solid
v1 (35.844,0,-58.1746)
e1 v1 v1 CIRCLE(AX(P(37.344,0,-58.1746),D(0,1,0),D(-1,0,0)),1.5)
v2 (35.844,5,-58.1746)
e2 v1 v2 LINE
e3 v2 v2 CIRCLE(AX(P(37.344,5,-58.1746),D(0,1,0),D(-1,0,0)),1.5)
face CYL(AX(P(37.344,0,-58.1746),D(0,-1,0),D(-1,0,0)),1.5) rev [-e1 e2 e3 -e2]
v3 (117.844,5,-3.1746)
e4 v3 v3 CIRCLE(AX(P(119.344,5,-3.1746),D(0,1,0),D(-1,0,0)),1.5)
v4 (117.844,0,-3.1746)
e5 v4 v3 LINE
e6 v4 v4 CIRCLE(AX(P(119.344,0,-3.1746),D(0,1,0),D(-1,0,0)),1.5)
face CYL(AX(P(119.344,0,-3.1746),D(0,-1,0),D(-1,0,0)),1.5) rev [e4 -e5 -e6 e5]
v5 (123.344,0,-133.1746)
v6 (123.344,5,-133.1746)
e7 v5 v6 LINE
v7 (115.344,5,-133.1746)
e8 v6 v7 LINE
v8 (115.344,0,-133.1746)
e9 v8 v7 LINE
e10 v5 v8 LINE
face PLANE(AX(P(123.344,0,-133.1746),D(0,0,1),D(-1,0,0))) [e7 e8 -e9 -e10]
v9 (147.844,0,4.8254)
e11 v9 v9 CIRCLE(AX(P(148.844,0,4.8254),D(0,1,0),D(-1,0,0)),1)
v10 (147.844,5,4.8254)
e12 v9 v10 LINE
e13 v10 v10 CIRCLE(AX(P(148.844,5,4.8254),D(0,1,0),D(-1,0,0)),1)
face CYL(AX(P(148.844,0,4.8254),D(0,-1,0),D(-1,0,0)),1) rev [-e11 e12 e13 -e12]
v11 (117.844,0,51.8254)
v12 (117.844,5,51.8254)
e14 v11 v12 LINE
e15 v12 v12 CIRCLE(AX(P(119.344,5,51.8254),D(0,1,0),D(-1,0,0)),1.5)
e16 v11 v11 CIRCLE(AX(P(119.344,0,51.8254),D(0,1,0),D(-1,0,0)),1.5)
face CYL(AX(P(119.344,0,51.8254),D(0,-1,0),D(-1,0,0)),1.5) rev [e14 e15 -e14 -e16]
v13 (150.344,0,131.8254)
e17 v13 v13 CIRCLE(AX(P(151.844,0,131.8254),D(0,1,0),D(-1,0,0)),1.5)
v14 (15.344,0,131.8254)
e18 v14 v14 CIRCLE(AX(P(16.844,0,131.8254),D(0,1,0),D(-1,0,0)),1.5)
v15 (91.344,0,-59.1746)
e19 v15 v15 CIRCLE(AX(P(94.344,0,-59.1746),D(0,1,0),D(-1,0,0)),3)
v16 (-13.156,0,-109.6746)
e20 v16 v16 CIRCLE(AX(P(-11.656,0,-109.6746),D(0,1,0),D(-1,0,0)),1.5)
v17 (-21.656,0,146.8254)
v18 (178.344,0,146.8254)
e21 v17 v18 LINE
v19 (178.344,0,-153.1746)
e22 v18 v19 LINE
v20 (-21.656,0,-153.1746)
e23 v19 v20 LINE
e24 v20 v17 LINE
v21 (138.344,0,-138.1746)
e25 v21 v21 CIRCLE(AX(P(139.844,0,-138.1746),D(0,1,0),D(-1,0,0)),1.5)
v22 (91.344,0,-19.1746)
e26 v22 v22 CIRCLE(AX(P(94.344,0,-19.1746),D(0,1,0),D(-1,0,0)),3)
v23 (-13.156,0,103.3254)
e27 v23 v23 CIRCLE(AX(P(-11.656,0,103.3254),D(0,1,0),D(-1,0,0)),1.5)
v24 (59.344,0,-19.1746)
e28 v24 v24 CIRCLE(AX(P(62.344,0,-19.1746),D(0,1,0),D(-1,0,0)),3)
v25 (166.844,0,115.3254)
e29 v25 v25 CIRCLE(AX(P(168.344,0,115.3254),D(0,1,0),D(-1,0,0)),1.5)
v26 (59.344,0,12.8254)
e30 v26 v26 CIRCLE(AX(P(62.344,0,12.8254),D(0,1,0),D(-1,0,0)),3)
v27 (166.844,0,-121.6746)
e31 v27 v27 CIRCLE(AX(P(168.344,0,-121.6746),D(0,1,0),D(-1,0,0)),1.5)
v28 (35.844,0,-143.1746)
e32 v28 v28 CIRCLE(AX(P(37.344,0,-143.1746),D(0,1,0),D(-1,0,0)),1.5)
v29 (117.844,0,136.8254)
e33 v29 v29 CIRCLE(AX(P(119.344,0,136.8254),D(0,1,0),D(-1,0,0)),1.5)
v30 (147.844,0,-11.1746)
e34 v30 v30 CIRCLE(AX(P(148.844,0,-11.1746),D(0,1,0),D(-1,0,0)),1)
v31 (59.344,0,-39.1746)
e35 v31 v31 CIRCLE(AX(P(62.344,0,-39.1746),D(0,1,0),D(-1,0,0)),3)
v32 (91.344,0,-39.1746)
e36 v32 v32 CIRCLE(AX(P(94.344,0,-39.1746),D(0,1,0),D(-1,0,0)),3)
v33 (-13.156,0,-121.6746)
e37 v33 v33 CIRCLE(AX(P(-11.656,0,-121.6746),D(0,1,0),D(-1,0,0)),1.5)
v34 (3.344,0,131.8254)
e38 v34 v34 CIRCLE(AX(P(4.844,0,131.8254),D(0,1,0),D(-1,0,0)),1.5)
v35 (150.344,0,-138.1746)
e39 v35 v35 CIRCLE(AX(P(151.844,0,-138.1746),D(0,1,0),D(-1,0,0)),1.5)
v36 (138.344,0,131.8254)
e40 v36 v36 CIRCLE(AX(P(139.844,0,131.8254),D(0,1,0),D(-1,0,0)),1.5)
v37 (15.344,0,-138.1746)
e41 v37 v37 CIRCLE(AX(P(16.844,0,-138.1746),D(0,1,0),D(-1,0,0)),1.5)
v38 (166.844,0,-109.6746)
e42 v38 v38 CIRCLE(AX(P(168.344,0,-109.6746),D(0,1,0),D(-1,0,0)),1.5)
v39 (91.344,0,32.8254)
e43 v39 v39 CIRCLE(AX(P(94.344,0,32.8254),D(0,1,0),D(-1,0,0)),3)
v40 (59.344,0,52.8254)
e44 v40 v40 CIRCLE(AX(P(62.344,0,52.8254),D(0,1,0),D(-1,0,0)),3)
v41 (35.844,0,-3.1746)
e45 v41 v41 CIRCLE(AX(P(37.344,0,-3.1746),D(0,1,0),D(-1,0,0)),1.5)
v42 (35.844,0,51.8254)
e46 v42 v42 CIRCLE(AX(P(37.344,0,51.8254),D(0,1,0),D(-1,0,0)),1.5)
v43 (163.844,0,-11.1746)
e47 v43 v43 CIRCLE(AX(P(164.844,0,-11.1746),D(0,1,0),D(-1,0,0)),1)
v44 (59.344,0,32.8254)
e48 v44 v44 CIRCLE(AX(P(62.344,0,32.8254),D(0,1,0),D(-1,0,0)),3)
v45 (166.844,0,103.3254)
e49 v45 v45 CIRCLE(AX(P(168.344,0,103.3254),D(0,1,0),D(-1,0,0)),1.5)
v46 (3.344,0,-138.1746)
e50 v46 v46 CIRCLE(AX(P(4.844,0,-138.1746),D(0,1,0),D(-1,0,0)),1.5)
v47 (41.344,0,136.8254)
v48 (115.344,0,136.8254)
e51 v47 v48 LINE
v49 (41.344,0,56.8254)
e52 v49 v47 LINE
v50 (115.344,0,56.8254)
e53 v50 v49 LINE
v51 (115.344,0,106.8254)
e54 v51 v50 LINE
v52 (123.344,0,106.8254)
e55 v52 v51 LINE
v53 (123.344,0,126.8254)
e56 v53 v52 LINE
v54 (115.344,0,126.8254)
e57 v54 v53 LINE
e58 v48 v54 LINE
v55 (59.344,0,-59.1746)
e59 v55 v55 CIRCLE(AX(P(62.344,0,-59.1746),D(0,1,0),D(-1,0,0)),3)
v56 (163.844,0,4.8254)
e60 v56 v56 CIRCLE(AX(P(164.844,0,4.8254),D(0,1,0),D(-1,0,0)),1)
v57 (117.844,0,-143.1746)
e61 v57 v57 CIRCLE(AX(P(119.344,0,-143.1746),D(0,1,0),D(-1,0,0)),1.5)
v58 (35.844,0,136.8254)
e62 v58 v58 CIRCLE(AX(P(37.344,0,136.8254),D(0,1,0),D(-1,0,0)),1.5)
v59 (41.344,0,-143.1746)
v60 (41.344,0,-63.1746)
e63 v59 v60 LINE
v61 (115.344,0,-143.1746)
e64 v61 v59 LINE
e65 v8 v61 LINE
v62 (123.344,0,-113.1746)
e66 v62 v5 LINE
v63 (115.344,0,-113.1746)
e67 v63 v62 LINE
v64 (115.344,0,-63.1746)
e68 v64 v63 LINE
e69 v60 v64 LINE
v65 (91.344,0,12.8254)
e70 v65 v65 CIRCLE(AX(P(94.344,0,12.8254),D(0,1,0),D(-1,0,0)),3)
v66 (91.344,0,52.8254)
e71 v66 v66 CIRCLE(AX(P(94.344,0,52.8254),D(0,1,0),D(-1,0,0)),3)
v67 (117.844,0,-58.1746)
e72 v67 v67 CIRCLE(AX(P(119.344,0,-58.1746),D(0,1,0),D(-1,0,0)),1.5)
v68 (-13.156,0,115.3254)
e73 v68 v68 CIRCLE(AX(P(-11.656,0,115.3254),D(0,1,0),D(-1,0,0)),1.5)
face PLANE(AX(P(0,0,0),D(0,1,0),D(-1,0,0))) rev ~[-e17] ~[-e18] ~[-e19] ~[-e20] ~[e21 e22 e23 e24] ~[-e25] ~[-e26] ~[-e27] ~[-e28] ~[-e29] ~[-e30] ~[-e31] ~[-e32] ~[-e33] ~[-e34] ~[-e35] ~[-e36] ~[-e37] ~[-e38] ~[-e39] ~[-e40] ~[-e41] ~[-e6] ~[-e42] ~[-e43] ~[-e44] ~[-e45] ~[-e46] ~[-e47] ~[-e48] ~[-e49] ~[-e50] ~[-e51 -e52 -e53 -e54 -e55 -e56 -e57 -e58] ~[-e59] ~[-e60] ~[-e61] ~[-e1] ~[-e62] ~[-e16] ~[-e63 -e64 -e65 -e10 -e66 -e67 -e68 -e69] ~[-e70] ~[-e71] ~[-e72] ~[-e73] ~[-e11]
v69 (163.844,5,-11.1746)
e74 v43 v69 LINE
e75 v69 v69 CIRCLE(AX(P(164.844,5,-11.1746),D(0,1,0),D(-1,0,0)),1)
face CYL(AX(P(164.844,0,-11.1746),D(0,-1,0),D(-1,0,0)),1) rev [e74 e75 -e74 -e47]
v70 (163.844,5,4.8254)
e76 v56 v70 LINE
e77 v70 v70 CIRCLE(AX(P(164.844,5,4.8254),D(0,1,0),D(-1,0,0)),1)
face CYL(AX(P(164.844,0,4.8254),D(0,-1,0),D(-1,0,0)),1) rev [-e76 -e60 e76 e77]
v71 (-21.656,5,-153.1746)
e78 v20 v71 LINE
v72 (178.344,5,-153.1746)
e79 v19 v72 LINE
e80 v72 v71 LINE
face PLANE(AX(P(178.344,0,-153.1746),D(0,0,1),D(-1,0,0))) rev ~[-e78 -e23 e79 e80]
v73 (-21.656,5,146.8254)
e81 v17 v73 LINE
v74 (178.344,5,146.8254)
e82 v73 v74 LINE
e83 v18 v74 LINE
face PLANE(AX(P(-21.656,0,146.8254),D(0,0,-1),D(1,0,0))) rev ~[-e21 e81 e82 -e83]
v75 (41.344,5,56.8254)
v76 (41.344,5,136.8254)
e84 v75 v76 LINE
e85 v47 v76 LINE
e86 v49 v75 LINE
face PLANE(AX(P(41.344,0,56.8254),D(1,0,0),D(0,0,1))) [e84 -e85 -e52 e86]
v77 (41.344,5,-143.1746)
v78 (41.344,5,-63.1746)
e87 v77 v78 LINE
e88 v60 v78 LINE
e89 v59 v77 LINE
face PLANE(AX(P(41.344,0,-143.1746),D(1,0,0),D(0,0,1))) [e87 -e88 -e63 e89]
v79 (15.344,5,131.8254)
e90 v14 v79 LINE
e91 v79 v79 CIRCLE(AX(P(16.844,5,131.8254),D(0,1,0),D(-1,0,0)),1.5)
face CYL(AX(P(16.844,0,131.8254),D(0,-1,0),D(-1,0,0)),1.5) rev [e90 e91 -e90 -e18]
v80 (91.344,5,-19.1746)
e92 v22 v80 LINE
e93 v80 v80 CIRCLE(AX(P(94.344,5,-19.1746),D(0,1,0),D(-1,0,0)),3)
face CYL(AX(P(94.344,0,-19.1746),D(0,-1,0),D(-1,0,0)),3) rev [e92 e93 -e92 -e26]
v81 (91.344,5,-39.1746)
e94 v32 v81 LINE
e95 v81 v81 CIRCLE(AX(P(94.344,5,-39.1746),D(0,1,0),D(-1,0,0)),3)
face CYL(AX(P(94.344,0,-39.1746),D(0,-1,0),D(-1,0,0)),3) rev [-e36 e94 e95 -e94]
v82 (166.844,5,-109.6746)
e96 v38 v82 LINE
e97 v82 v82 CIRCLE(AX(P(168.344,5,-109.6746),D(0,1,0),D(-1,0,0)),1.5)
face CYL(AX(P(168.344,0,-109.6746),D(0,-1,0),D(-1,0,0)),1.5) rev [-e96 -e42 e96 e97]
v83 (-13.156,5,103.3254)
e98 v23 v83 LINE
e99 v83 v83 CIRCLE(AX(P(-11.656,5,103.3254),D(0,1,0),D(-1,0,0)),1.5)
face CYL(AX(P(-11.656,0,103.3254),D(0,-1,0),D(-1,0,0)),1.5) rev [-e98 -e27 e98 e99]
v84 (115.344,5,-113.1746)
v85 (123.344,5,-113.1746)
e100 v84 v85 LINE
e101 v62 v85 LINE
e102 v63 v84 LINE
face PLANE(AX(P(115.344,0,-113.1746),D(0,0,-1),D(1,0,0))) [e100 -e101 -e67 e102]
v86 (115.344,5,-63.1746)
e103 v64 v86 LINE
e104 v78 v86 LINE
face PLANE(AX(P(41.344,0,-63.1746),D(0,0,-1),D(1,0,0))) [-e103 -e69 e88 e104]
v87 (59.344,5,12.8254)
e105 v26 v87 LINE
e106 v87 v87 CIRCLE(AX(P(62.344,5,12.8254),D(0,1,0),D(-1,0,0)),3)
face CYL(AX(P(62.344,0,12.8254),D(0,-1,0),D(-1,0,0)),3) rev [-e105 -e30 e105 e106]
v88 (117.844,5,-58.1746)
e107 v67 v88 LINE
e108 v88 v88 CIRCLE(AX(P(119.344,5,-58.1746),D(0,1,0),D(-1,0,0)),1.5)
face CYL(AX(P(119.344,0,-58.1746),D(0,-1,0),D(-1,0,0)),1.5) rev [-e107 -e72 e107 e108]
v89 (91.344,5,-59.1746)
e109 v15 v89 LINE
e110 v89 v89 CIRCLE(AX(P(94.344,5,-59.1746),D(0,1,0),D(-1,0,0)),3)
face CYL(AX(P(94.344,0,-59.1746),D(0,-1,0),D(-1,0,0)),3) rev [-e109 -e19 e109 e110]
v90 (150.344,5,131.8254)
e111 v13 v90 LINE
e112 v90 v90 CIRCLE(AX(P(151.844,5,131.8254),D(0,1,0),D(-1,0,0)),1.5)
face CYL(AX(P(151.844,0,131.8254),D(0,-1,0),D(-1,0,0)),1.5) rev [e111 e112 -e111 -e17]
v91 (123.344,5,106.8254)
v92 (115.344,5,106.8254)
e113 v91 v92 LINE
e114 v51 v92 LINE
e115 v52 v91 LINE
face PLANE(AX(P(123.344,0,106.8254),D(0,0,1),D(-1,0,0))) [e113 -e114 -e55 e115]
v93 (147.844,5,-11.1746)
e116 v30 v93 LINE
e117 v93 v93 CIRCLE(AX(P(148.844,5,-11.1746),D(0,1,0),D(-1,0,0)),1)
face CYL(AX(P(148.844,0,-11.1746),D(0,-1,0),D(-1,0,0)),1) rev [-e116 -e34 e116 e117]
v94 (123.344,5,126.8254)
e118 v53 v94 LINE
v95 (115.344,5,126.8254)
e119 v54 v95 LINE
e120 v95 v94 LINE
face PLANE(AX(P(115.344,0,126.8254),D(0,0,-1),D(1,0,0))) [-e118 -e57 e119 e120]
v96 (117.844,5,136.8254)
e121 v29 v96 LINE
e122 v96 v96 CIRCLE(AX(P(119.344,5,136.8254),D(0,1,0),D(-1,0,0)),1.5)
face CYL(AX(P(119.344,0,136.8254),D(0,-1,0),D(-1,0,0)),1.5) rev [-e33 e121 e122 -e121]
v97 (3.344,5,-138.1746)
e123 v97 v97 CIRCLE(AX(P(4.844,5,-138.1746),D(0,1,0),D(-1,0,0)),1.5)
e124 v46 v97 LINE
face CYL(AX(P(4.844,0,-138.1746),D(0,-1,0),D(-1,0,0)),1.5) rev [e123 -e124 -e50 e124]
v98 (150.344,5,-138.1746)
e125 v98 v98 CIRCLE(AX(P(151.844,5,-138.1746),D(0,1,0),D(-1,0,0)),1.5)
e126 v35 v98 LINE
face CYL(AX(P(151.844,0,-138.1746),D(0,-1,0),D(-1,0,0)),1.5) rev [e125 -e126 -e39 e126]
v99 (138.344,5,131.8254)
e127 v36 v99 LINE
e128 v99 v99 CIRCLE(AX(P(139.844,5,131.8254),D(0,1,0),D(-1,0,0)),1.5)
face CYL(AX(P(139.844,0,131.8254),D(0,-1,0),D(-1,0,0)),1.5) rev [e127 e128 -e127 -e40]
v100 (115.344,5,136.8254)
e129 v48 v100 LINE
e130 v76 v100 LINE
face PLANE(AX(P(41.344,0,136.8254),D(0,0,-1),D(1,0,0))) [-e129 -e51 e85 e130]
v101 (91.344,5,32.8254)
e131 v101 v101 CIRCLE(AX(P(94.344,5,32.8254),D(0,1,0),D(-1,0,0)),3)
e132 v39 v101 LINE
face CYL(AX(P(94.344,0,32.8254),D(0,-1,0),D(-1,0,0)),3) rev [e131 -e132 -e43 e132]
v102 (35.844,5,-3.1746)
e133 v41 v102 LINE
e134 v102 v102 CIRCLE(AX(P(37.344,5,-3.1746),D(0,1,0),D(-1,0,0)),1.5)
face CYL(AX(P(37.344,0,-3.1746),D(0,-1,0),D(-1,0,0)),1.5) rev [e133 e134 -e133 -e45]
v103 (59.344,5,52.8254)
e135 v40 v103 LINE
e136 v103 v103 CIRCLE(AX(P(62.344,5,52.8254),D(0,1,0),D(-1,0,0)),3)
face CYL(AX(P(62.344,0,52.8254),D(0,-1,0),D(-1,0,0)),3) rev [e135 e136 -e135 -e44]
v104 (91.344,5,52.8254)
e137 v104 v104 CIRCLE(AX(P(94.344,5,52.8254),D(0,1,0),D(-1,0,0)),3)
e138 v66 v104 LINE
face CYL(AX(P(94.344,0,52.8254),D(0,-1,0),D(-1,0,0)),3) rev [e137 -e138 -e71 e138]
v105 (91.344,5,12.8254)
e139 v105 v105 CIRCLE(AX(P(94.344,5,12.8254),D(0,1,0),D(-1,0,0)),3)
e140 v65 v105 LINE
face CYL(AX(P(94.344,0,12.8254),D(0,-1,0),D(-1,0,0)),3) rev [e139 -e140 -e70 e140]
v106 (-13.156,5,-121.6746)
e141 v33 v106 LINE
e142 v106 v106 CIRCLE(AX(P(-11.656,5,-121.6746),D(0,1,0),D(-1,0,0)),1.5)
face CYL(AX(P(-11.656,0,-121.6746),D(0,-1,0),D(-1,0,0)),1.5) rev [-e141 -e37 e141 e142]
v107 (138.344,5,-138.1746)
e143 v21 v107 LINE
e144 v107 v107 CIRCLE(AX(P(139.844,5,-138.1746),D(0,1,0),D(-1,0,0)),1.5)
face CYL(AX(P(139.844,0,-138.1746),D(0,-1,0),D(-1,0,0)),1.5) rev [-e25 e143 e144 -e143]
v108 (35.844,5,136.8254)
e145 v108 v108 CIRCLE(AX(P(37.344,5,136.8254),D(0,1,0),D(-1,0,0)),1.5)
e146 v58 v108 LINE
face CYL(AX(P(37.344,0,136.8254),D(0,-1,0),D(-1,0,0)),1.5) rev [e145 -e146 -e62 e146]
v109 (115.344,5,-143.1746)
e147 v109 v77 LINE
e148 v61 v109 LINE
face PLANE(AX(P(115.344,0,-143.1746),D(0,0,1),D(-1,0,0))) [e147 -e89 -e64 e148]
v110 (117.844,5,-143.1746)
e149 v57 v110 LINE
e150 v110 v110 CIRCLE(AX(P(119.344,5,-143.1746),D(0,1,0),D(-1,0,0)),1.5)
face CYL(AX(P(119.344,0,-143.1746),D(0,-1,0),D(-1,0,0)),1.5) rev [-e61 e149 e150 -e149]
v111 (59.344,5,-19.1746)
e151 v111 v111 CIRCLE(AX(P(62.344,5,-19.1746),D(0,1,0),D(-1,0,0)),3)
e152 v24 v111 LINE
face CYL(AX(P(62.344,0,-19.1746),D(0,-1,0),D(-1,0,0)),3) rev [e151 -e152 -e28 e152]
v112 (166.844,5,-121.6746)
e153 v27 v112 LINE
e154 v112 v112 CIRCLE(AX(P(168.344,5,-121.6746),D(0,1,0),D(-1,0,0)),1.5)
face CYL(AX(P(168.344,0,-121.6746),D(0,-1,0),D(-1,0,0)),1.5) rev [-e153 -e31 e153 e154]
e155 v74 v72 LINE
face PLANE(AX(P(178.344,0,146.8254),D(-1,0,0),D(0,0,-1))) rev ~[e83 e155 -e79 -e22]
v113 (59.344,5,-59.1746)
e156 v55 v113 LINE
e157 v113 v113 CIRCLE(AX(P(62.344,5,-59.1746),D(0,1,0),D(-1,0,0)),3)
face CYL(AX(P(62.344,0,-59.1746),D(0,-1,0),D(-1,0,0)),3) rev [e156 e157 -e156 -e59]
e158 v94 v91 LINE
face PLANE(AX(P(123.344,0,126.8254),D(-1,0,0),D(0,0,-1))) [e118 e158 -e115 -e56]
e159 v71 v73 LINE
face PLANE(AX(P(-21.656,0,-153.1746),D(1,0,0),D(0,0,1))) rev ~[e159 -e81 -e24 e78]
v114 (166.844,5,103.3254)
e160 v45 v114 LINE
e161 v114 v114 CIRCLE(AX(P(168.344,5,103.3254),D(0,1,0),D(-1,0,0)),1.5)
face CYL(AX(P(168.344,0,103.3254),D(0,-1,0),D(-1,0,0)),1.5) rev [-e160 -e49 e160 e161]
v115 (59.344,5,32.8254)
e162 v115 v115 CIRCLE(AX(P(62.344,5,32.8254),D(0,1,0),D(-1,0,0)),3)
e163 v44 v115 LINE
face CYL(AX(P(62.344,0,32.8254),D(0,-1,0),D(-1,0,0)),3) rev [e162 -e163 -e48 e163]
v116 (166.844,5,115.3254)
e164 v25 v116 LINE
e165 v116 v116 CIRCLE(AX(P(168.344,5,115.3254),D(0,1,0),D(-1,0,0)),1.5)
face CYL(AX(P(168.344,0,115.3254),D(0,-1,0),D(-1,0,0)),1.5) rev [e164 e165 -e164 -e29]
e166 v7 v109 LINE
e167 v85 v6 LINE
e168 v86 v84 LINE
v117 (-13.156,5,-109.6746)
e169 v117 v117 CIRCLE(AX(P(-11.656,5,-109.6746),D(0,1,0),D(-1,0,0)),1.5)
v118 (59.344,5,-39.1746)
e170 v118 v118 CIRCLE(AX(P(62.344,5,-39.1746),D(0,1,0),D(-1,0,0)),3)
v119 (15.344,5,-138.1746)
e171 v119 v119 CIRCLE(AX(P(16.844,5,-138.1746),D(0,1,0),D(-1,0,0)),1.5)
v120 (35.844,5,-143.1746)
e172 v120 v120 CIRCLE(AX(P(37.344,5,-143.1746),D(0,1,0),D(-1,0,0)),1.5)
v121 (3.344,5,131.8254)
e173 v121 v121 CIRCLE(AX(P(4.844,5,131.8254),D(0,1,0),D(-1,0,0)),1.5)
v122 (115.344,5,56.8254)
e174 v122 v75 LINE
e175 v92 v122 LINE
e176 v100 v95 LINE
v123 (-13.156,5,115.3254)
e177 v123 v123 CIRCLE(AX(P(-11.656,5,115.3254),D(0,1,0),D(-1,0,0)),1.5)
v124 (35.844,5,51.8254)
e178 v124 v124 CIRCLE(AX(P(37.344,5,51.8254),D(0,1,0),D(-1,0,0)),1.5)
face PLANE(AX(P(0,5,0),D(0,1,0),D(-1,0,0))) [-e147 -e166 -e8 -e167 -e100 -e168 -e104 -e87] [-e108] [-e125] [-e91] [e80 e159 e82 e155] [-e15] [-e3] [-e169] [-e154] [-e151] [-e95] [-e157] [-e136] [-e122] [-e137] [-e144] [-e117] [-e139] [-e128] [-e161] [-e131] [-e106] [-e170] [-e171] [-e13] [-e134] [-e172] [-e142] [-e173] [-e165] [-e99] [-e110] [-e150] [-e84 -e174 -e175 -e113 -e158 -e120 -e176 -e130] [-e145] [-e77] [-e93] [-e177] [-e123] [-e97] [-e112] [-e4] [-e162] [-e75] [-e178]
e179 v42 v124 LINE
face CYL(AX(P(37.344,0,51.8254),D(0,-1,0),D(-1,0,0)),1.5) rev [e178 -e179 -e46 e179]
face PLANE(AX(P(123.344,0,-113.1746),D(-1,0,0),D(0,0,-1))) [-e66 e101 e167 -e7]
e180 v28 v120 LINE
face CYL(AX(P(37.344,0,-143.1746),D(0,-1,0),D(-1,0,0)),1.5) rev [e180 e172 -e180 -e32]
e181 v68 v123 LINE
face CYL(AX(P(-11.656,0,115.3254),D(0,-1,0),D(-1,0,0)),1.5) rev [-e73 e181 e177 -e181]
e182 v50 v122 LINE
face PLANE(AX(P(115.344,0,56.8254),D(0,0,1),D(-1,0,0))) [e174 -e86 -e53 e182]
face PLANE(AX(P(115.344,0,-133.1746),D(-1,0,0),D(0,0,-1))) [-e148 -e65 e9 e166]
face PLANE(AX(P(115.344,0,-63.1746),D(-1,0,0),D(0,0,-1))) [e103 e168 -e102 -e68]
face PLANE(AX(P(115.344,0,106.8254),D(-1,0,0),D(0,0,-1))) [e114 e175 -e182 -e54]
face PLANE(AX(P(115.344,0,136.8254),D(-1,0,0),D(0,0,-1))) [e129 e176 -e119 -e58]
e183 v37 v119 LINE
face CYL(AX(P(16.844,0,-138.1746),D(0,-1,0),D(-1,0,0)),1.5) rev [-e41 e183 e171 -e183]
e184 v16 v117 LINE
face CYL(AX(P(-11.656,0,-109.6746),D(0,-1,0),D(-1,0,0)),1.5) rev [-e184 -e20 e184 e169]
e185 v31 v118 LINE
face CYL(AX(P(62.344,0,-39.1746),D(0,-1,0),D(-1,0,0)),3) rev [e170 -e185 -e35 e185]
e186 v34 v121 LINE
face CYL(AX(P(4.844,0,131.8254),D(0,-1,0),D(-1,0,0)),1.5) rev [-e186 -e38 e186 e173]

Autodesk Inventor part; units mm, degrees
ref_plane "YZ Plane" through (0, 0, 0) normal (1, 0, 0) x (0, 1, 0)
ref_plane "XZ Plane" through (0, 0, 0) normal (0, 1, 0) x (-1, 0, 0)
ref_plane "XY Plane" through (0, 0, 0) normal (0, 0, 1) x (1, 0, 0)
sketch "Sketch1" plane through (0, 0, 0) normal (0, 1, 0) x (-1, 0, 0)
  line L0 (21.656, 146.8254) -> (-178.344, 146.8254)
  line L1 (-178.344, 146.8254) -> (-178.344, -153.1746)
  line L2 (-178.344, -153.1746) -> (21.656, -153.1746)
  line L3 (21.656, -153.1746) -> (21.656, 146.8254)
  line L4 (-41.344, 136.8254) -> (-115.344, 136.8254)
  line L5 (-115.344, 56.8254) -> (-41.344, 56.8254)
  line L6 (-41.344, 56.8254) -> (-41.344, 136.8254)
  line L7 (-41.344, -63.1746) -> (-115.344, -63.1746)
  line L8 (-115.344, -143.1746) -> (-41.344, -143.1746)
  line L9 (-41.344, -143.1746) -> (-41.344, -63.1746)
  circle A0 centre (-119.344, 136.8254) radius 1.5
  circle A1 centre (-37.344, 136.8254) radius 1.5
  circle A2 centre (-37.344, -143.1746) radius 1.5
  circle A3 centre (-119.344, -143.1746) radius 1.5
  circle A4 centre (-119.344, 51.8254) radius 1.5
  circle A5 centre (-119.344, -3.1746) radius 1.5
  circle A6 centre (-119.344, -58.1746) radius 1.5
  circle A7 centre (-37.344, 51.8254) radius 1.5
  circle A8 centre (-37.344, -3.1746) radius 1.5
  circle A9 centre (-37.344, -58.1746) radius 1.5
  line L10 (-115.344, 136.8254) -> (-115.344, 126.8254)
  line L11 (-115.344, 126.8254) -> (-123.344, 126.8254)
  line L12 (-123.344, 126.8254) -> (-123.344, 106.8254)
  line L13 (-123.344, 106.8254) -> (-115.344, 106.8254)
  line L14 (-115.344, 106.8254) -> (-115.344, 56.8254)
  line L15 (-115.344, -63.1746) -> (-115.344, -113.1746)
  line L16 (-115.344, -113.1746) -> (-123.344, -113.1746)
  line L17 (-123.344, -113.1746) -> (-123.344, -133.1746)
  line L18 (-123.344, -133.1746) -> (-115.344, -133.1746)
  line L19 (-115.344, -133.1746) -> (-115.344, -143.1746)
  circle A10 centre (-94.344, 52.8254) radius 3
  circle A11 centre (-62.344, 52.8254) radius 3
  circle A12 centre (-62.344, -59.1746) radius 3
  circle A13 centre (-94.344, -59.1746) radius 3
  circle A14 centre (-94.344, 32.8254) radius 3
  circle A15 centre (-94.344, 12.8254) radius 3
  circle A16 centre (-62.344, 32.8254) radius 3
  circle A17 centre (-62.344, 12.8254) radius 3
  circle A18 centre (-94.344, -39.1746) radius 3
  circle A19 centre (-94.344, -19.1746) radius 3
  circle A20 centre (-62.344, -39.1746) radius 3
  circle A21 centre (-62.344, -19.1746) radius 3
  circle A22 centre (-4.844, -138.1746) radius 1.5
  circle A23 centre (-16.844, -138.1746) radius 1.5
  circle A24 centre (11.656, -121.6746) radius 1.5
  circle A25 centre (11.656, -109.6746) radius 1.5
  circle A26 centre (-4.844, 131.8254) radius 1.5
  circle A27 centre (-16.844, 131.8254) radius 1.5
  circle A28 centre (11.656, 115.3254) radius 1.5
  circle A29 centre (11.656, 103.3254) radius 1.5
  circle A30 centre (-139.844, -138.1746) radius 1.5
  circle A31 centre (-151.844, -138.1746) radius 1.5
  circle A32 centre (-168.344, -121.6746) radius 1.5
  circle A33 centre (-168.344, -109.6746) radius 1.5
  circle A34 centre (-139.844, 131.8254) radius 1.5
  circle A35 centre (-151.844, 131.8254) radius 1.5
  circle A36 centre (-168.344, 115.3254) radius 1.5
  circle A37 centre (-168.344, 103.3254) radius 1.5
  circle A38 centre (-164.844, 4.8254) radius 1
  circle A39 centre (-164.844, -11.1746) radius 1
  circle A40 centre (-148.844, -11.1746) radius 1
  circle A41 centre (-148.844, 4.8254) radius 1
  point P0 (0, 0)
  dimension "d0" = 300
  dimension "d1" = 200
  dimension "d2" = 10
  dimension "d3" = 10
  dimension "d4" = 80
  dimension "d5" = 80
  dimension "d6" = 74
  dimension "d7" = 74
  dimension "d10" = 10
  dimension "d12" = 3
  dimension "d13" = 10
  dimension "d15" = 3
  dimension "d16" = 10
  dimension "d18" = 3
  dimension "d19" = 10
  dimension "d21" = 3
  dimension "d22" = 85
  dimension "d23" = 55
  dimension "d24" = 55
  dimension "d25" = 85
  dimension "d28" = 3
  dimension "d29" = 3
  dimension "d30" = 3
  dimension "d31" = 85
  dimension "d32" = 55
  dimension "d33" = 55
  dimension "d34" = 85
  dimension "d37" = 3
  dimension "d38" = 3
  dimension "d39" = 3
  dimension "d42" = 10
  dimension "d43" = 8
  dimension "d45" = 20
  dimension "d46" = 10
  dimension "d47" = 20
  dimension "d48" = 8
  dimension "d49" = 94
  dimension "d50" = 94
  dimension "d51" = 94
  dimension "d52" = 94
  dimension "d55" = 6
  dimension "d56" = 6
  dimension "d59" = 6
  dimension "d60" = 6
  dimension "d63" = 20
  dimension "d64" = 20
  dimension "d65" = 6
  dimension "d66" = 6
  dimension "d71" = 20
  dimension "d72" = 20
  dimension "d75" = 20
  dimension "d76" = 20
  dimension "d77" = 6
  dimension "d78" = 6
  dimension "d81" = 20
  dimension "d82" = 20
  dimension "d83" = 6
  dimension "d84" = 6
  dimension "d91" = 3
  dimension "d92" = 3
  dimension "d93" = 15
  dimension "d94" = 15
  dimension "d95" = 26.5
  dimension "d96" = 12
extrude "Extrusion2" add sketch "Sketch1" along normal blind 5
properties part number "base_robot"
